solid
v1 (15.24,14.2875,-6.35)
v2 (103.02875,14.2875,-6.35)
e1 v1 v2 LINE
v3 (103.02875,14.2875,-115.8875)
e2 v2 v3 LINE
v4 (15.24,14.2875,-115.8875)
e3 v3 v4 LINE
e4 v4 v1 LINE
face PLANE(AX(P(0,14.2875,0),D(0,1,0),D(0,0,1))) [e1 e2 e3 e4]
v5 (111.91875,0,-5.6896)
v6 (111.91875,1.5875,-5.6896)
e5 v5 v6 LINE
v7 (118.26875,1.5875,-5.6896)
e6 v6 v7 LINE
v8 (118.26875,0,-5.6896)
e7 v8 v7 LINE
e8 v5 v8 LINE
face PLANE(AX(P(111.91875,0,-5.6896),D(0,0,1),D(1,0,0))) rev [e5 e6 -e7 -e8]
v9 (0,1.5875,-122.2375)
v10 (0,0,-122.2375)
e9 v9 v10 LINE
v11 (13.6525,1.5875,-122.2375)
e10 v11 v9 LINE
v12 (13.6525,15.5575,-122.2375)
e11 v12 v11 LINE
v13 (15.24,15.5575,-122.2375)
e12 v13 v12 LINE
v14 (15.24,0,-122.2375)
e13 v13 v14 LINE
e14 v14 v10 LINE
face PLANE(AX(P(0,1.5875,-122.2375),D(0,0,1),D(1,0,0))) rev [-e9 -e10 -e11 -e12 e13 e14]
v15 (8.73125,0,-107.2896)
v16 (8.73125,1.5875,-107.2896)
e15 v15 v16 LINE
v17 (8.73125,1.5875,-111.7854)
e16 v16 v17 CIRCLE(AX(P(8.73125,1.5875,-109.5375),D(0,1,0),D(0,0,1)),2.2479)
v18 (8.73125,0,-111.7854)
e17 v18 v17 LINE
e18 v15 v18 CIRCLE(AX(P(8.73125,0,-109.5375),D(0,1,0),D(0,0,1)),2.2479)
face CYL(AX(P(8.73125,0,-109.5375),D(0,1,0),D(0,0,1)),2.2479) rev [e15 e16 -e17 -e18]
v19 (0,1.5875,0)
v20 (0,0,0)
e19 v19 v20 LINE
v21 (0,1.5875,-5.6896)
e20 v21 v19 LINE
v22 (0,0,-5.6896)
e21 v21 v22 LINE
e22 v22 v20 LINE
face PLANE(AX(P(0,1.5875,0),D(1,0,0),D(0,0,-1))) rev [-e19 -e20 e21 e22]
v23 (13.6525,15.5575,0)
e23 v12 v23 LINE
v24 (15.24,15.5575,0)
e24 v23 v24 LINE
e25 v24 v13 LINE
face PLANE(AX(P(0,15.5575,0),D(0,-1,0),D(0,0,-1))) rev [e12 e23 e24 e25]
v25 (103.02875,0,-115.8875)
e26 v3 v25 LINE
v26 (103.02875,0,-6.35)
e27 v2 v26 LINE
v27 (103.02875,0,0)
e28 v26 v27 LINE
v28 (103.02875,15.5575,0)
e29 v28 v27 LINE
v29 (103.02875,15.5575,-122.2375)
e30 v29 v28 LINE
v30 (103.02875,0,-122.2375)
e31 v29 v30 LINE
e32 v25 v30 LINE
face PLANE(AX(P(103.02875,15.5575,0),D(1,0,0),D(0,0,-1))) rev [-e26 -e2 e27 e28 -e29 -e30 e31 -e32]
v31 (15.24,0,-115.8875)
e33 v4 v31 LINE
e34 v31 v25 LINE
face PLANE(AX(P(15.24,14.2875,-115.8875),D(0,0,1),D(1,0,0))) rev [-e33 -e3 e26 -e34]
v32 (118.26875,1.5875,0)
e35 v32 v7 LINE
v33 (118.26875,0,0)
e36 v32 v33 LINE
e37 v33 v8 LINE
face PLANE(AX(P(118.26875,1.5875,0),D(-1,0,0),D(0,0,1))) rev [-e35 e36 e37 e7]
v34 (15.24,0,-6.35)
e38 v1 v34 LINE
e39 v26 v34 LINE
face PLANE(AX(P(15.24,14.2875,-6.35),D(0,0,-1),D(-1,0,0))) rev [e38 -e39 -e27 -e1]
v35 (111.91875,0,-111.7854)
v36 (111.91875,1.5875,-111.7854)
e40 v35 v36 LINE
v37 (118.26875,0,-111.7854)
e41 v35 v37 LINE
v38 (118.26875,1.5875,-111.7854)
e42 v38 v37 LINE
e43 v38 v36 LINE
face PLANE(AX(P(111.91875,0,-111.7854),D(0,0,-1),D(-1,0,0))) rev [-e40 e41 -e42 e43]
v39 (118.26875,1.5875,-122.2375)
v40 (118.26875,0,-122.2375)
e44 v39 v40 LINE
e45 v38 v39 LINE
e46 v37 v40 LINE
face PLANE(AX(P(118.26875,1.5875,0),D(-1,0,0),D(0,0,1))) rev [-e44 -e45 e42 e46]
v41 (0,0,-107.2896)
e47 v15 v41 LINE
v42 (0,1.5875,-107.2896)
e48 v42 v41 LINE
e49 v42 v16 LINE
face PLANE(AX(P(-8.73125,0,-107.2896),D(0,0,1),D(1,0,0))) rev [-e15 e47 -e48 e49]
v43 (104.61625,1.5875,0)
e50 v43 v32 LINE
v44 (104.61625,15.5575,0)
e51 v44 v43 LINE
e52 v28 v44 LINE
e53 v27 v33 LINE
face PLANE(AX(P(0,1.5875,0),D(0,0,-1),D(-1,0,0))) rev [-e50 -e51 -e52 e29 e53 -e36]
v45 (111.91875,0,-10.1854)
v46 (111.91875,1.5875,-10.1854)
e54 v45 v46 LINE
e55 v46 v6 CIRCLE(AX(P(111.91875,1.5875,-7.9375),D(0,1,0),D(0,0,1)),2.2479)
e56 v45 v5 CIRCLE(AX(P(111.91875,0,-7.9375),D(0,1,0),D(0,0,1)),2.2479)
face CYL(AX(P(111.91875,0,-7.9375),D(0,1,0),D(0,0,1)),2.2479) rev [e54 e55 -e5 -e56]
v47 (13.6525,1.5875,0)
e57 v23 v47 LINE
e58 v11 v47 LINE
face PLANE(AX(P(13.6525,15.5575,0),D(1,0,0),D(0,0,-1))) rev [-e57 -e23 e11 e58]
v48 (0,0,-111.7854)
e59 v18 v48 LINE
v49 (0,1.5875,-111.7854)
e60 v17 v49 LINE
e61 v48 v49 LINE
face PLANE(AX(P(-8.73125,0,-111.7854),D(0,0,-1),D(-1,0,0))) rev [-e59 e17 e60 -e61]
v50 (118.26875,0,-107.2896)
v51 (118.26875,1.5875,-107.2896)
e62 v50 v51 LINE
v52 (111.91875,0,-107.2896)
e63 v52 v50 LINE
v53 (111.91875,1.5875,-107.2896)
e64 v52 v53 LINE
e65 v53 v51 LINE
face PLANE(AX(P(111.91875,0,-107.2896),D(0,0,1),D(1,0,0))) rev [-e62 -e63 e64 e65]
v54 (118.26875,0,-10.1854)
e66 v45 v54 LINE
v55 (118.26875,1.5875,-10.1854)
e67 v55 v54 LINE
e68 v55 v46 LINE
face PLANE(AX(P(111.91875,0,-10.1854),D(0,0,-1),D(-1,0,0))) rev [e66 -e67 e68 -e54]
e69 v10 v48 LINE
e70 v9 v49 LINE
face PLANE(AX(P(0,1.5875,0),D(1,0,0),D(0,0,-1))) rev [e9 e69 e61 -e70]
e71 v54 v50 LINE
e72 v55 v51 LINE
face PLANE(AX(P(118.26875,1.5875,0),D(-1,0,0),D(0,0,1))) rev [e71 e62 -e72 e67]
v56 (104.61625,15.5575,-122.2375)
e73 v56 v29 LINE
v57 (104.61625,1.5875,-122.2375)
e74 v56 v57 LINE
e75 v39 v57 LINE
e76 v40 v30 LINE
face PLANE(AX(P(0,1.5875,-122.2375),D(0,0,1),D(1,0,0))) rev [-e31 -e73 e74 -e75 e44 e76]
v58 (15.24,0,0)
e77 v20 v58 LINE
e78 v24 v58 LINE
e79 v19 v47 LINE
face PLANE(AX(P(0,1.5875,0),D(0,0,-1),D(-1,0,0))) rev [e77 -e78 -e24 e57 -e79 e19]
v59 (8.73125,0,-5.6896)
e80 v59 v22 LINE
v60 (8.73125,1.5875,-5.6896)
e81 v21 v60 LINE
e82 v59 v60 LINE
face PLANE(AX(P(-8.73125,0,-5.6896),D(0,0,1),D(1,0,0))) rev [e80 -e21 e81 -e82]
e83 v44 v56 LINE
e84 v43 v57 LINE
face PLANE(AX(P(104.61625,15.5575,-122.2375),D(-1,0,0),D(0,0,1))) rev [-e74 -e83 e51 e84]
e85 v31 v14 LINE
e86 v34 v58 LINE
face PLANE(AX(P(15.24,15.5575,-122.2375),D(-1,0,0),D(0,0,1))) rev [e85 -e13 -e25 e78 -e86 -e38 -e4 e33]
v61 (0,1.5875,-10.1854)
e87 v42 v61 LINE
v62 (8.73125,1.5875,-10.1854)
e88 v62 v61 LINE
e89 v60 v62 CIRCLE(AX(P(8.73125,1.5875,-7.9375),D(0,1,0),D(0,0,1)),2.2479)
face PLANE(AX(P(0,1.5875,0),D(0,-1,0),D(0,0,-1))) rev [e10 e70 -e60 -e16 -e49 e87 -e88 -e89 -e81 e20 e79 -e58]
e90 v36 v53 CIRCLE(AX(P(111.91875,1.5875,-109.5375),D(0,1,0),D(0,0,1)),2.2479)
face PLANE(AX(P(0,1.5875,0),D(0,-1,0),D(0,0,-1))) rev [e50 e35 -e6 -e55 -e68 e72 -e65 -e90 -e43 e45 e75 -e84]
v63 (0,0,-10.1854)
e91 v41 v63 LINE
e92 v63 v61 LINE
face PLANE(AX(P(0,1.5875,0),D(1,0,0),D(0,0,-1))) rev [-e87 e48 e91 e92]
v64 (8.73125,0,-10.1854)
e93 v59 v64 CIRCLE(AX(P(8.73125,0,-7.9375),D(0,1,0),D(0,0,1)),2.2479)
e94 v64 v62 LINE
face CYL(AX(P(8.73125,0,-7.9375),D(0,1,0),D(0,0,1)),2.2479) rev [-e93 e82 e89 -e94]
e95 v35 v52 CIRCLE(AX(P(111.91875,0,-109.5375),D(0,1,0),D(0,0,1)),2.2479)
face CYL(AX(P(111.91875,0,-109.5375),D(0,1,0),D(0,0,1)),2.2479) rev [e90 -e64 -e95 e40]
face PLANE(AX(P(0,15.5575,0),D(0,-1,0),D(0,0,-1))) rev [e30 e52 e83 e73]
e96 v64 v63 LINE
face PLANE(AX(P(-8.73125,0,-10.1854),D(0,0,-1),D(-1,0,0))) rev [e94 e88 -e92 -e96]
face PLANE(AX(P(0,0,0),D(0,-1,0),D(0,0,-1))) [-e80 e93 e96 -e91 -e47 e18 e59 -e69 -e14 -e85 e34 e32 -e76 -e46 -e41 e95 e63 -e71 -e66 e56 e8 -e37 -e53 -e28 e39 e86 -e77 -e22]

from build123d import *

# Parameters (mm, degrees)
SKETCH2_W           = 118.26875
SKETCH2_H           = 122.2375
BOSS_EXTRUDE1_DEPTH = 1.5875
SKETCH3_W           = 87.78875
SKETCH3_H           = 109.5375
BOSS_EXTRUDE2_DEPTH = 12.7
SKETCH4_W           = 1.5875
SKETCH4_H           = 122.2375
BOSS_EXTRUDE3_DEPTH = 13.97
SKETCH5_W           = 87.78875
SKETCH5_H           = 9.551675444
SKETCH5_H_2         = 9.580916999
CUT_EXTRUDE1_DEPTH  = 2.5875


with BuildPart() as part:
    # Sketch2 → Boss-Extrude1 (new body)
    with BuildSketch(Plane(origin=(0, 0, 0), x_dir=(1, 0, 0), z_dir=(0, 1, 0))):
        with Locations((59.134375, 61.11875)):
            Rectangle(SKETCH2_W, SKETCH2_H)
    extrude(amount=BOSS_EXTRUDE1_DEPTH)

    # Sketch3 → Boss-Extrude2 (add)
    with BuildSketch(Plane(origin=(0, 1.5875, 0), x_dir=(1, 0, 0), z_dir=(0, 1, 0))):
        with Locations((59.134375, 61.11875)):
            Rectangle(SKETCH3_W, SKETCH3_H)
    extrude(amount=BOSS_EXTRUDE2_DEPTH)

    # Sketch4 → Boss-Extrude3 (add)
    with BuildSketch(Plane(origin=(0, 1.5875, 0), x_dir=(1, 0, 0), z_dir=(0, 1, 0))):
        with Locations((14.44625, 61.11875)):
            Rectangle(SKETCH4_W, SKETCH4_H)
        with Locations((103.8225, 61.11875)):
            Rectangle(SKETCH4_W, SKETCH4_H)
    extrude(amount=BOSS_EXTRUDE3_DEPTH)

    # Sketch5 → Cut-Extrude1 (cut, through all)
    with BuildSketch(Plane(origin=(0, 1.5875, 0), x_dir=(1, 0, 0), z_dir=(0, 1, 0))):
        with BuildLine():
            Line((-8.73125, 111.7854), (8.73125, 111.7854))
            ThreePointArc((8.73125, 111.7854), (10.97915, 109.5375), (8.73125, 107.2896))
            Line((8.73125, 107.2896), (-8.73125, 107.2896))
            ThreePointArc((-8.73125, 107.2896), (-10.97915, 109.5375), (-8.73125, 111.7854))
        make_face()
        with BuildLine():
            Line((111.91875, 111.7854), (129.38125, 111.7854))
            ThreePointArc((129.38125, 111.7854), (131.62915, 109.5375), (129.38125, 107.2896))
            Line((129.38125, 107.2896), (111.91875, 107.2896))
            ThreePointArc((111.91875, 107.2896), (109.67085, 109.5375), (111.91875, 111.7854))
        make_face()
        with BuildLine():
            Line((111.91875, 10.1854), (129.38125, 10.1854))
            ThreePointArc((129.38125, 10.1854), (131.62915, 7.9375), (129.38125, 5.6896))
            Line((129.38125, 5.6896), (111.91875, 5.6896))
            ThreePointArc((111.91875, 5.6896), (109.67085, 7.9375), (111.91875, 10.1854))
        make_face()
        with BuildLine():
            Line((-8.73125, 10.1854), (8.73125, 10.1854))
            ThreePointArc((8.73125, 10.1854), (10.97915, 7.9375), (8.73125, 5.6896))
            Line((8.73125, 5.6896), (-8.73125, 5.6896))
            ThreePointArc((-8.73125, 5.6896), (-10.97915, 7.9375), (-8.73125, 10.1854))
        make_face()
        with Locations((59.134375, 120.663337722)):
            Rectangle(SKETCH5_W, SKETCH5_H)
        with Locations((59.134375, 1.559541501)):
            Rectangle(SKETCH5_W, SKETCH5_H_2)
    extrude(amount=-CUT_EXTRUDE1_DEPTH, mode=Mode.SUBTRACT)


solid = part.part
